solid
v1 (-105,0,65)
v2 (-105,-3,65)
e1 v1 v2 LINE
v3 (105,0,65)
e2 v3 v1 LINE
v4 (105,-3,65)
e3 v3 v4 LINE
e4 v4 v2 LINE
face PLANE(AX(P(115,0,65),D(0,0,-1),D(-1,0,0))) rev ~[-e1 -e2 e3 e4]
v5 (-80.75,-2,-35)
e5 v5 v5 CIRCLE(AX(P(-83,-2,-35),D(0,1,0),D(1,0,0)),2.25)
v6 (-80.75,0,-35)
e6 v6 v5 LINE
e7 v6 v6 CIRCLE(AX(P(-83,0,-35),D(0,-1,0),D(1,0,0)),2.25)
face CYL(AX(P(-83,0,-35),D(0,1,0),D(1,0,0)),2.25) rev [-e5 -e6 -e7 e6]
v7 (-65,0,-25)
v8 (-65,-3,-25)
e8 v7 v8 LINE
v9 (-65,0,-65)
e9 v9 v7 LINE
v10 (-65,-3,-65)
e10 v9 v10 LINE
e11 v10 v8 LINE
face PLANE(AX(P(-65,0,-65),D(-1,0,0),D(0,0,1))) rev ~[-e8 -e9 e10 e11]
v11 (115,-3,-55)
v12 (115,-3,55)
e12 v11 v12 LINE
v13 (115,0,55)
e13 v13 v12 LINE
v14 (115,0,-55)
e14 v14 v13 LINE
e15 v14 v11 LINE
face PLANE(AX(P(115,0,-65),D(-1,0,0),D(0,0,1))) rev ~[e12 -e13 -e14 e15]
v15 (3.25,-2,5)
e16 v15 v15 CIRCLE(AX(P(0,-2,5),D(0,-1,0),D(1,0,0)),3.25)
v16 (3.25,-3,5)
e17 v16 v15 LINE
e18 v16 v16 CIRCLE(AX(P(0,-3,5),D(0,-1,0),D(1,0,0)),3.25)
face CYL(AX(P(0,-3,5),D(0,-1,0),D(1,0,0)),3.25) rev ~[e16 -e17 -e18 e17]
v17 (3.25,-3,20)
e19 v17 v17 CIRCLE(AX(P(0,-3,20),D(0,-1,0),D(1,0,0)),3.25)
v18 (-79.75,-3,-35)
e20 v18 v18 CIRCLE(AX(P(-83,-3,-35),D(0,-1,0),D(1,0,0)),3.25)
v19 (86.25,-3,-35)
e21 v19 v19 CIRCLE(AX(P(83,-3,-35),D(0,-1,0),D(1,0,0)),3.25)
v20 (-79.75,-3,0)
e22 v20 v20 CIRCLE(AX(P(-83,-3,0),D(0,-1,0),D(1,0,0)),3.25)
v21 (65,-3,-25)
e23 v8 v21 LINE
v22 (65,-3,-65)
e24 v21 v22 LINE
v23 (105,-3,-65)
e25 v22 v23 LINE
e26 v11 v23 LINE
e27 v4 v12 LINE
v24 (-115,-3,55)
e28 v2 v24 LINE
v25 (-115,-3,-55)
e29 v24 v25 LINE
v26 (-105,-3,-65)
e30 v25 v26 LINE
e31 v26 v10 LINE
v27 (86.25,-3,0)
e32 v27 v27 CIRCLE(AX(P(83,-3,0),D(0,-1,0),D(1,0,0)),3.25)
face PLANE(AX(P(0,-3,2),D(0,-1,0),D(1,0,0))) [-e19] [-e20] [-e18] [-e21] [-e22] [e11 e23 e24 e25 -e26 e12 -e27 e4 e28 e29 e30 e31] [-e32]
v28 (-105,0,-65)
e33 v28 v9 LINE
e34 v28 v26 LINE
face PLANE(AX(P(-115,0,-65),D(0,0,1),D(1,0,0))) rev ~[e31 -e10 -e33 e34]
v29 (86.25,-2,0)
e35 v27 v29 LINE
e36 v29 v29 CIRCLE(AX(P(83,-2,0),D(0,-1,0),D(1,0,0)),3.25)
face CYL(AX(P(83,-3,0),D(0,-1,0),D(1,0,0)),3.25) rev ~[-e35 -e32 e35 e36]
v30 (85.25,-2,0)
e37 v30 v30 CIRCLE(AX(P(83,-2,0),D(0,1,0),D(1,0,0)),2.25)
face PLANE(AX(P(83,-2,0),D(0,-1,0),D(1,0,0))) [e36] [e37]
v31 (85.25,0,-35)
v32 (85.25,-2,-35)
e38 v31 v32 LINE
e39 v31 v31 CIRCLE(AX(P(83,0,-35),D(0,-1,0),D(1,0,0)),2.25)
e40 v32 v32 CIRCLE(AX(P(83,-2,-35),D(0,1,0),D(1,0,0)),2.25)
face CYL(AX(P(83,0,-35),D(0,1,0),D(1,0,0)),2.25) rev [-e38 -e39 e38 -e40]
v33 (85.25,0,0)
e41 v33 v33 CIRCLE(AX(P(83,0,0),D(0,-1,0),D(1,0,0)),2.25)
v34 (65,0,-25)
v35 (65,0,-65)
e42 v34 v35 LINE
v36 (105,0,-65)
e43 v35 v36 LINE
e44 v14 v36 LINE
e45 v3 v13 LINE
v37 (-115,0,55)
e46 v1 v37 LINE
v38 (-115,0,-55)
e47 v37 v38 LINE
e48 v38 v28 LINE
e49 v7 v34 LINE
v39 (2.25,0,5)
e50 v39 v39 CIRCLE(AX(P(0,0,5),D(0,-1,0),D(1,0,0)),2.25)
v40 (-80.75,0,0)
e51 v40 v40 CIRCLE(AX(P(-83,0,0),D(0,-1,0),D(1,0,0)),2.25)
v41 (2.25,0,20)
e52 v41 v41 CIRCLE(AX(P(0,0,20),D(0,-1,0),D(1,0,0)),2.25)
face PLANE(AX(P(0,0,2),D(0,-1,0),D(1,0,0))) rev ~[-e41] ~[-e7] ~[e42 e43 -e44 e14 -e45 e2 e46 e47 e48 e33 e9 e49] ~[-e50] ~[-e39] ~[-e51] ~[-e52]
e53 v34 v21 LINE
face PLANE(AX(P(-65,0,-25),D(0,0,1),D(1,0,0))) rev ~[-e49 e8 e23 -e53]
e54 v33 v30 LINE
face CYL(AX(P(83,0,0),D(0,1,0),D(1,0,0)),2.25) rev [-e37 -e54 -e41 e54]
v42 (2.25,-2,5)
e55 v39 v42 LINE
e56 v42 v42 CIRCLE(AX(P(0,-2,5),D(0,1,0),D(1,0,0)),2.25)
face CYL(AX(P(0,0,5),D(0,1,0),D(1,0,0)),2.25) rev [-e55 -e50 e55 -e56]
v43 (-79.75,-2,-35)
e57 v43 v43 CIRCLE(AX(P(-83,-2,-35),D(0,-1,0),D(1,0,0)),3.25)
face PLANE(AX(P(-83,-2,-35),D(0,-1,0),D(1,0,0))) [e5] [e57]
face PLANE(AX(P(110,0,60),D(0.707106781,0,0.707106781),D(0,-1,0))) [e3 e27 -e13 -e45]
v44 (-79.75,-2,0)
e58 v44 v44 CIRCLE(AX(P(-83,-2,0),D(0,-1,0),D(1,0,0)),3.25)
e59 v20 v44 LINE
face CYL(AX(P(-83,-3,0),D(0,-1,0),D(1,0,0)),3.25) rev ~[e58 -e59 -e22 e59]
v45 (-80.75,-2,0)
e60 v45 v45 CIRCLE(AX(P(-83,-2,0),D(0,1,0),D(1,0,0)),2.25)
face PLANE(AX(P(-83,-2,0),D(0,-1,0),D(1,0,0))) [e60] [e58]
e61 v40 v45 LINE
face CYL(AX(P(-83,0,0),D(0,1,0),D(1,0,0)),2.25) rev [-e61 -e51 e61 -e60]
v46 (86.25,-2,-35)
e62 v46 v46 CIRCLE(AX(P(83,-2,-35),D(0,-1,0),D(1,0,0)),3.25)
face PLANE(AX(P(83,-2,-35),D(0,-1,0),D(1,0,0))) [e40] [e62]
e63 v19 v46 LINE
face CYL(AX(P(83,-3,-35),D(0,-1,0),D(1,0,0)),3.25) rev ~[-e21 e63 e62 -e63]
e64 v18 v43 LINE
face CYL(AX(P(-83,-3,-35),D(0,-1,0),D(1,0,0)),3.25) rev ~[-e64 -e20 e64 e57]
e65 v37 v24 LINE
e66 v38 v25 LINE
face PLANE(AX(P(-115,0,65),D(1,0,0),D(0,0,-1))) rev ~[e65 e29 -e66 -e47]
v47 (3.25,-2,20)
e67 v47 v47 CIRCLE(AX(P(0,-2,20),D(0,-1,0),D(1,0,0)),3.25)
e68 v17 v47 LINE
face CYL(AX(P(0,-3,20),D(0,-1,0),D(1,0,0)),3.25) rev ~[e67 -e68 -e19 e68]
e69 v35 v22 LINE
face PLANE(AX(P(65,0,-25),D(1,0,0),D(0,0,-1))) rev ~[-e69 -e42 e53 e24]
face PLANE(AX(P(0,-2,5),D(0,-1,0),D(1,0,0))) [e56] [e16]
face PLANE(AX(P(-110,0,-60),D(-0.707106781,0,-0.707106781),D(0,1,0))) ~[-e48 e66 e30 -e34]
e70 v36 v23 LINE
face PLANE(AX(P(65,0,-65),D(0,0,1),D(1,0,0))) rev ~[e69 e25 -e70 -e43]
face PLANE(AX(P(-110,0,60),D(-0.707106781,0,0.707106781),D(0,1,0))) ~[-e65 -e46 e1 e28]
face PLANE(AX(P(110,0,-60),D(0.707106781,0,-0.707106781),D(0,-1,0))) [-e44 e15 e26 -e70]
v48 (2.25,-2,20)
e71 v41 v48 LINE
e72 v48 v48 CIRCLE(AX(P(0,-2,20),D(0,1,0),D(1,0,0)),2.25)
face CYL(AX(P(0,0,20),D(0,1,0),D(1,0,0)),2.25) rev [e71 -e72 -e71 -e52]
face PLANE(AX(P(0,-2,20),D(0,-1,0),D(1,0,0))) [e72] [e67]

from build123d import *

# Parameters (mm, degrees)
F0_R     = 2.25
F1_DEPTH = 3
F2_SIZE  = 10
F3_R     = 3.25
F4_DEPTH = 1


with BuildPart() as f1:
    # F0 (on Front) → F1 (new body)
    with BuildSketch(Plane.XZ):
        Polygon((115, 65), (-115, 65), (-115, -65), (-65, -65), (-65, -25), (0, -25), (65, -25), (65, -65), (115, -65), align=None)
        with Locations((-83, -35)):
            Circle(F0_R, mode=Mode.SUBTRACT)
        with Locations((83, -35)):
            Circle(F0_R, mode=Mode.SUBTRACT)
        with Locations((-83, 0)):
            Circle(F0_R, mode=Mode.SUBTRACT)
        with Locations((0, 5)):
            Circle(F0_R, mode=Mode.SUBTRACT)
        with Locations((0, 20)):
            Circle(F0_R, mode=Mode.SUBTRACT)
        with Locations((83, 0)):
            Circle(F0_R, mode=Mode.SUBTRACT)
    extrude(amount=F1_DEPTH)

    # F2
    f2_edges = [f1.edges().sort_by_distance(p)[0] for p in [
        (-115, -1.5, 65),
        (115, -1.5, 65),
        (115, -1.5, -65),
        (-115, -1.5, -65),
    ]]
    chamfer(f2_edges, length=F2_SIZE)

    # F3 (on face) → F4 (cut)
    with BuildSketch(Plane.XZ.offset(3)):
        with Locations((-83, 0)):
            Circle(F3_R)
        with Locations((-83, -35)):
            Circle(F3_R)
        with Locations((0, 20)):
            Circle(F3_R)
        with Locations((0, 5)):
            Circle(F3_R)
        with Locations((83, 0)):
            Circle(F3_R)
        with Locations((83, -35)):
            Circle(F3_R)
    extrude(amount=-F4_DEPTH, mode=Mode.SUBTRACT)


solid = f1.part
